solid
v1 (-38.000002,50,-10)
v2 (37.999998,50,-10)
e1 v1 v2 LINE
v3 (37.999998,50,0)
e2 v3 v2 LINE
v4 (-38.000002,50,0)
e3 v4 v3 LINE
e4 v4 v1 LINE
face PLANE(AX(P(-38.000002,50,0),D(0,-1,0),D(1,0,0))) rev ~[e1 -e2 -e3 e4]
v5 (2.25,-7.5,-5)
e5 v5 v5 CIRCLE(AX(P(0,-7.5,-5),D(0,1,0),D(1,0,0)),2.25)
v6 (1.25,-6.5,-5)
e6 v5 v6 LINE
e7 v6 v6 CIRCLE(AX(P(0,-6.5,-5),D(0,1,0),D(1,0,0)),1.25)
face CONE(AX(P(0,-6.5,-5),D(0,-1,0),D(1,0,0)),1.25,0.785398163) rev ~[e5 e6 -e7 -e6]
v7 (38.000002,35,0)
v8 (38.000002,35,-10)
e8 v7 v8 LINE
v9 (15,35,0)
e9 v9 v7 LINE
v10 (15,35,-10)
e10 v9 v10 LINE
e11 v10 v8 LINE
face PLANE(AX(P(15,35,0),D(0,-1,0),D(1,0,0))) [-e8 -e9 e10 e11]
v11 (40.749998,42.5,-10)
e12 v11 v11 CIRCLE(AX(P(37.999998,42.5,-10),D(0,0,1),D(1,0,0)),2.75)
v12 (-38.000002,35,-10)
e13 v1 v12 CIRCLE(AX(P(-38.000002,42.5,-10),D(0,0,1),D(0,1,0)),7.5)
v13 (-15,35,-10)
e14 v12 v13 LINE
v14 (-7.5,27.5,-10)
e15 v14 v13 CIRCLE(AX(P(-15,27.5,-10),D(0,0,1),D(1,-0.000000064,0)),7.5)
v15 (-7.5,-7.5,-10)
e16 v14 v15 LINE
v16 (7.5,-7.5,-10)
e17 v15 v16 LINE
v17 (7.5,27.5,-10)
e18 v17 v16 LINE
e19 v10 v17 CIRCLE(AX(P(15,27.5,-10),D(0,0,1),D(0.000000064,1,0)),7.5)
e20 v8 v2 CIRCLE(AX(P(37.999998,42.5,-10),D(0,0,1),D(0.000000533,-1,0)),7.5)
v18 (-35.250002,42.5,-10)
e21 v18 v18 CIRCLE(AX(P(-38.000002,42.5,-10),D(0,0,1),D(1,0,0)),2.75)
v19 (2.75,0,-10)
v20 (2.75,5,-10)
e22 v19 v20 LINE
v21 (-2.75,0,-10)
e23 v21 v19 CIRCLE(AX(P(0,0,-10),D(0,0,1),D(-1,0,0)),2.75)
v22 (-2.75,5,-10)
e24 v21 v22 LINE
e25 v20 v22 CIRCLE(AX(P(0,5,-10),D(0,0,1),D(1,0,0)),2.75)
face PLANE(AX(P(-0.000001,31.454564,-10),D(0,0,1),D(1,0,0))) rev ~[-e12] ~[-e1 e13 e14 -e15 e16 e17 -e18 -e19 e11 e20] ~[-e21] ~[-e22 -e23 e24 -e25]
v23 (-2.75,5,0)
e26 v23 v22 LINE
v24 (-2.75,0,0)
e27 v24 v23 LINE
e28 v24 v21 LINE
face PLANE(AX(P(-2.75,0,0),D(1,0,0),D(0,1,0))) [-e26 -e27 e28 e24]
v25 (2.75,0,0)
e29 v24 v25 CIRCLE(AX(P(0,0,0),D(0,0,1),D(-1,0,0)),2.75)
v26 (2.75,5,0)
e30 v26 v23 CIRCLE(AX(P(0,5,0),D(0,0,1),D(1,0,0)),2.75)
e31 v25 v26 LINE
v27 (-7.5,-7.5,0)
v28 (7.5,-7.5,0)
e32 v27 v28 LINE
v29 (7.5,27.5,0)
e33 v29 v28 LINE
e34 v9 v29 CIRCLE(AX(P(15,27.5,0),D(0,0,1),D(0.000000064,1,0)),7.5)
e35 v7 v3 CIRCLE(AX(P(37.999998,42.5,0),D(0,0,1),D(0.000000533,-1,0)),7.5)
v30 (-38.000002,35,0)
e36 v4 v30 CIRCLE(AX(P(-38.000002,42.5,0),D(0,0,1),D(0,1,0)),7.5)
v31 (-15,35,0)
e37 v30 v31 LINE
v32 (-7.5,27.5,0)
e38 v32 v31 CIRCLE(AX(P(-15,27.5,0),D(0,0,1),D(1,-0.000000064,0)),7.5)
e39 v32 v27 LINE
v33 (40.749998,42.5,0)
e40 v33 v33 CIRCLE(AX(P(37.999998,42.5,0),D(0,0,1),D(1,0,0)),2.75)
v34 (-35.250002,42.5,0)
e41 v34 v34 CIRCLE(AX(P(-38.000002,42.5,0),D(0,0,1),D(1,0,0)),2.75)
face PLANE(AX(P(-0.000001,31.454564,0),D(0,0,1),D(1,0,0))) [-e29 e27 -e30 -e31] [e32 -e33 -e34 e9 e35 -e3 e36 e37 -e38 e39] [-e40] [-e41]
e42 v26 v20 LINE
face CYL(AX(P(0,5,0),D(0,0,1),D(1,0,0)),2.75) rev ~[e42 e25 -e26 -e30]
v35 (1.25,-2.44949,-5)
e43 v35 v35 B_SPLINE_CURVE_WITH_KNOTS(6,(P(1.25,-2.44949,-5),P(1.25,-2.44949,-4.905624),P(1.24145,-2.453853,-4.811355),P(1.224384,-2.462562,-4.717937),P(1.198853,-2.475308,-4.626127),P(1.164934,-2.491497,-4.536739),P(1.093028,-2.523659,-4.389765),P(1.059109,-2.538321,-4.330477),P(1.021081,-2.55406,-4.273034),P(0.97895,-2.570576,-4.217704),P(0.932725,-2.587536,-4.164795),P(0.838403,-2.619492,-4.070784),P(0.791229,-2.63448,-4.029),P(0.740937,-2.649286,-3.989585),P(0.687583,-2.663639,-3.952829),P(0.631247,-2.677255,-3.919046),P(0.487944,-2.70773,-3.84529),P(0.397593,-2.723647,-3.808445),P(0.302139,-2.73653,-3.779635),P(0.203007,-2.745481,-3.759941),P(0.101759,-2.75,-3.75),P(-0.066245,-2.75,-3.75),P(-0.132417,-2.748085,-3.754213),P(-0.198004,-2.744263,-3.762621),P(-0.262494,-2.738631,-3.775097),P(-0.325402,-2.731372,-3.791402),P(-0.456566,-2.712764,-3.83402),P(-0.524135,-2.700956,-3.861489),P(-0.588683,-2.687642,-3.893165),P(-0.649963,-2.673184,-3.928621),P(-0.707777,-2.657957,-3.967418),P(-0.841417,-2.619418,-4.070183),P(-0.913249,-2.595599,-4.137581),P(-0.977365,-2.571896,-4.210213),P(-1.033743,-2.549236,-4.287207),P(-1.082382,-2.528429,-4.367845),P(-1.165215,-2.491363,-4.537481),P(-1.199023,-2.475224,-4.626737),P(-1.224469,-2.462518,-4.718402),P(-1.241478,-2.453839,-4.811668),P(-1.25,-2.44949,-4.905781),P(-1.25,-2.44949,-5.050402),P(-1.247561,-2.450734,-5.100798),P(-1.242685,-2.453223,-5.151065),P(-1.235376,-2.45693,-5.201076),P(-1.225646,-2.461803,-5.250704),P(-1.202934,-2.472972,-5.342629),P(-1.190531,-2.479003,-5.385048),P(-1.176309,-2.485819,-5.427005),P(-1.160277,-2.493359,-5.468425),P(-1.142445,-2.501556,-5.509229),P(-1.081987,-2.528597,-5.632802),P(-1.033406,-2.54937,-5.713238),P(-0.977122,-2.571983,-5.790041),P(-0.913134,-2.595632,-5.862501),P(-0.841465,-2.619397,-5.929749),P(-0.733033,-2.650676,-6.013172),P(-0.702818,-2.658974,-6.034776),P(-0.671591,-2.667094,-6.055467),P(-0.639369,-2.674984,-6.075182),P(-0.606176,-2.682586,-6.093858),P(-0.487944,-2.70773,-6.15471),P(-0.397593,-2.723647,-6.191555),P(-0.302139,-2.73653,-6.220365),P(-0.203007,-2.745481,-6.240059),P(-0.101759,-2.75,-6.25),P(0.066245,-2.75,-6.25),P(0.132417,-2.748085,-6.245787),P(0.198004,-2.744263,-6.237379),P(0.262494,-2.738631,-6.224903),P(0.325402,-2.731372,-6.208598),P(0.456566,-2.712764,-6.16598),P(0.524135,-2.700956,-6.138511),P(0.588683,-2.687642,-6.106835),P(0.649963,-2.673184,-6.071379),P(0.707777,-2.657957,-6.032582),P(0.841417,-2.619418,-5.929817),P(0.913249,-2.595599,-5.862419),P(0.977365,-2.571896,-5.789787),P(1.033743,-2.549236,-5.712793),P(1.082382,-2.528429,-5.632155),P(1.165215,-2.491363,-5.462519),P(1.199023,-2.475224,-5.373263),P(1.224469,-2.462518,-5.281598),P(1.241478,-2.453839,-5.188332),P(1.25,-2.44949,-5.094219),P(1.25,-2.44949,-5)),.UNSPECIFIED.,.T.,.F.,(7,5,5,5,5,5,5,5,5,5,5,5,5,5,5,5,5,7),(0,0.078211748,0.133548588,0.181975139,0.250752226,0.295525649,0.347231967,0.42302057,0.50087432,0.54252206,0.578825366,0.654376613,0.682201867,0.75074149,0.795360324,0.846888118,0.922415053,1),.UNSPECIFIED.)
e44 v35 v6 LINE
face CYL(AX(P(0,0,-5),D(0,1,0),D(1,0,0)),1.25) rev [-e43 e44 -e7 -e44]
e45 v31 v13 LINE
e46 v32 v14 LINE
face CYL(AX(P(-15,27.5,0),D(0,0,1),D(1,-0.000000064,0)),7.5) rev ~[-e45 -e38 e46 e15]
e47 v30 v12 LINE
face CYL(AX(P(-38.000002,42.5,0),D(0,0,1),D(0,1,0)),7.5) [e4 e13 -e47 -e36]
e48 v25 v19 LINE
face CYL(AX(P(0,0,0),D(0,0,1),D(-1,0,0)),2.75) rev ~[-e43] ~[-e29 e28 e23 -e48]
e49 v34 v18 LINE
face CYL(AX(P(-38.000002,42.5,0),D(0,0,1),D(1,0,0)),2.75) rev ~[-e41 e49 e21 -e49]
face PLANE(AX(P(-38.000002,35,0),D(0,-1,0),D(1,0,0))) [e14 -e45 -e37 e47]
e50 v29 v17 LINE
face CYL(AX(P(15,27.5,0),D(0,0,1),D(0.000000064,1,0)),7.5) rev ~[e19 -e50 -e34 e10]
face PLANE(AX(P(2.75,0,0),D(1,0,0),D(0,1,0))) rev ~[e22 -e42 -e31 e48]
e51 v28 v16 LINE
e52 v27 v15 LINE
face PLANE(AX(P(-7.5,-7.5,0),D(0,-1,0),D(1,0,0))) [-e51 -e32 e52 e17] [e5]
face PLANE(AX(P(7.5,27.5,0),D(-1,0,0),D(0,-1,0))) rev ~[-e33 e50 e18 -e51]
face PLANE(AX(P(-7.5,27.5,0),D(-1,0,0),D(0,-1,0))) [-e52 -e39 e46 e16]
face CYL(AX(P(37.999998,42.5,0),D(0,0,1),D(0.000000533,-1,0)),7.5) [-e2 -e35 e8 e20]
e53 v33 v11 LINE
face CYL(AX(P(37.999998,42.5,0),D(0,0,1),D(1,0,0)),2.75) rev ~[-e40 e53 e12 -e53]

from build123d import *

# Parameters (mm, degrees)
SKETCH_R     = 2.75
PAD_DEPTH    = 10
SKETCH002_R  = 1.25
HOLE_DEPTH   = 7.501
CHAMFER_SIZE = 1


with BuildPart() as part:
    # Sketch → Pad (new body)
    with BuildSketch(Plane.XY):
        with BuildLine():
            ThreePointArc((-38.000002, 50), (-45.500002, 42.5), (-38.000002, 35))
            Line((-38.000002, 35), (-15, 35))
            ThreePointArc((-7.5, 27.5), (-9.696699, 32.803301), (-15, 35))
            Line((-7.5, 27.5), (-7.5, -7.5))
            Line((-7.5, -7.5), (7.5, -7.5))
            Line((7.5, 27.5), (7.5, -7.5))
            ThreePointArc((15, 35), (9.696699, 32.803301), (7.5, 27.5))
            Line((15, 35), (38.000002, 35))
            ThreePointArc((38.000002, 35), (45.499998, 42.500002), (37.999998, 50))
            Line((-38.000002, 50), (37.999998, 50))
        make_face()
        with Locations((-38.000002, 42.5)):
            Circle(SKETCH_R, mode=Mode.SUBTRACT)
        with Locations((37.999998, 42.5)):
            Circle(SKETCH_R, mode=Mode.SUBTRACT)
        with BuildLine():
            ThreePointArc((-2.75, 0), (0, -2.75), (2.75, 0))
            Line((2.75, 0), (2.75, 5))
            ThreePointArc((2.75, 5), (0, 7.75), (-2.75, 5))
            Line((-2.75, 0), (-2.75, 5))
        make_face(mode=Mode.SUBTRACT)
    extrude(amount=-PAD_DEPTH)

    # Sketch002 → Hole (cut, through all)
    with BuildSketch(Plane.XZ):
        with Locations((0, -5)):
            Circle(SKETCH002_R)
    extrude(amount=HOLE_DEPTH, mode=Mode.SUBTRACT)

    # Chamfer
    chamfer_edges = [part.edges().sort_by_distance(p)[0] for p in [
        (-1.25, -7.5, -5),
    ]]
    chamfer(chamfer_edges, length=CHAMFER_SIZE)


solid = part.part
